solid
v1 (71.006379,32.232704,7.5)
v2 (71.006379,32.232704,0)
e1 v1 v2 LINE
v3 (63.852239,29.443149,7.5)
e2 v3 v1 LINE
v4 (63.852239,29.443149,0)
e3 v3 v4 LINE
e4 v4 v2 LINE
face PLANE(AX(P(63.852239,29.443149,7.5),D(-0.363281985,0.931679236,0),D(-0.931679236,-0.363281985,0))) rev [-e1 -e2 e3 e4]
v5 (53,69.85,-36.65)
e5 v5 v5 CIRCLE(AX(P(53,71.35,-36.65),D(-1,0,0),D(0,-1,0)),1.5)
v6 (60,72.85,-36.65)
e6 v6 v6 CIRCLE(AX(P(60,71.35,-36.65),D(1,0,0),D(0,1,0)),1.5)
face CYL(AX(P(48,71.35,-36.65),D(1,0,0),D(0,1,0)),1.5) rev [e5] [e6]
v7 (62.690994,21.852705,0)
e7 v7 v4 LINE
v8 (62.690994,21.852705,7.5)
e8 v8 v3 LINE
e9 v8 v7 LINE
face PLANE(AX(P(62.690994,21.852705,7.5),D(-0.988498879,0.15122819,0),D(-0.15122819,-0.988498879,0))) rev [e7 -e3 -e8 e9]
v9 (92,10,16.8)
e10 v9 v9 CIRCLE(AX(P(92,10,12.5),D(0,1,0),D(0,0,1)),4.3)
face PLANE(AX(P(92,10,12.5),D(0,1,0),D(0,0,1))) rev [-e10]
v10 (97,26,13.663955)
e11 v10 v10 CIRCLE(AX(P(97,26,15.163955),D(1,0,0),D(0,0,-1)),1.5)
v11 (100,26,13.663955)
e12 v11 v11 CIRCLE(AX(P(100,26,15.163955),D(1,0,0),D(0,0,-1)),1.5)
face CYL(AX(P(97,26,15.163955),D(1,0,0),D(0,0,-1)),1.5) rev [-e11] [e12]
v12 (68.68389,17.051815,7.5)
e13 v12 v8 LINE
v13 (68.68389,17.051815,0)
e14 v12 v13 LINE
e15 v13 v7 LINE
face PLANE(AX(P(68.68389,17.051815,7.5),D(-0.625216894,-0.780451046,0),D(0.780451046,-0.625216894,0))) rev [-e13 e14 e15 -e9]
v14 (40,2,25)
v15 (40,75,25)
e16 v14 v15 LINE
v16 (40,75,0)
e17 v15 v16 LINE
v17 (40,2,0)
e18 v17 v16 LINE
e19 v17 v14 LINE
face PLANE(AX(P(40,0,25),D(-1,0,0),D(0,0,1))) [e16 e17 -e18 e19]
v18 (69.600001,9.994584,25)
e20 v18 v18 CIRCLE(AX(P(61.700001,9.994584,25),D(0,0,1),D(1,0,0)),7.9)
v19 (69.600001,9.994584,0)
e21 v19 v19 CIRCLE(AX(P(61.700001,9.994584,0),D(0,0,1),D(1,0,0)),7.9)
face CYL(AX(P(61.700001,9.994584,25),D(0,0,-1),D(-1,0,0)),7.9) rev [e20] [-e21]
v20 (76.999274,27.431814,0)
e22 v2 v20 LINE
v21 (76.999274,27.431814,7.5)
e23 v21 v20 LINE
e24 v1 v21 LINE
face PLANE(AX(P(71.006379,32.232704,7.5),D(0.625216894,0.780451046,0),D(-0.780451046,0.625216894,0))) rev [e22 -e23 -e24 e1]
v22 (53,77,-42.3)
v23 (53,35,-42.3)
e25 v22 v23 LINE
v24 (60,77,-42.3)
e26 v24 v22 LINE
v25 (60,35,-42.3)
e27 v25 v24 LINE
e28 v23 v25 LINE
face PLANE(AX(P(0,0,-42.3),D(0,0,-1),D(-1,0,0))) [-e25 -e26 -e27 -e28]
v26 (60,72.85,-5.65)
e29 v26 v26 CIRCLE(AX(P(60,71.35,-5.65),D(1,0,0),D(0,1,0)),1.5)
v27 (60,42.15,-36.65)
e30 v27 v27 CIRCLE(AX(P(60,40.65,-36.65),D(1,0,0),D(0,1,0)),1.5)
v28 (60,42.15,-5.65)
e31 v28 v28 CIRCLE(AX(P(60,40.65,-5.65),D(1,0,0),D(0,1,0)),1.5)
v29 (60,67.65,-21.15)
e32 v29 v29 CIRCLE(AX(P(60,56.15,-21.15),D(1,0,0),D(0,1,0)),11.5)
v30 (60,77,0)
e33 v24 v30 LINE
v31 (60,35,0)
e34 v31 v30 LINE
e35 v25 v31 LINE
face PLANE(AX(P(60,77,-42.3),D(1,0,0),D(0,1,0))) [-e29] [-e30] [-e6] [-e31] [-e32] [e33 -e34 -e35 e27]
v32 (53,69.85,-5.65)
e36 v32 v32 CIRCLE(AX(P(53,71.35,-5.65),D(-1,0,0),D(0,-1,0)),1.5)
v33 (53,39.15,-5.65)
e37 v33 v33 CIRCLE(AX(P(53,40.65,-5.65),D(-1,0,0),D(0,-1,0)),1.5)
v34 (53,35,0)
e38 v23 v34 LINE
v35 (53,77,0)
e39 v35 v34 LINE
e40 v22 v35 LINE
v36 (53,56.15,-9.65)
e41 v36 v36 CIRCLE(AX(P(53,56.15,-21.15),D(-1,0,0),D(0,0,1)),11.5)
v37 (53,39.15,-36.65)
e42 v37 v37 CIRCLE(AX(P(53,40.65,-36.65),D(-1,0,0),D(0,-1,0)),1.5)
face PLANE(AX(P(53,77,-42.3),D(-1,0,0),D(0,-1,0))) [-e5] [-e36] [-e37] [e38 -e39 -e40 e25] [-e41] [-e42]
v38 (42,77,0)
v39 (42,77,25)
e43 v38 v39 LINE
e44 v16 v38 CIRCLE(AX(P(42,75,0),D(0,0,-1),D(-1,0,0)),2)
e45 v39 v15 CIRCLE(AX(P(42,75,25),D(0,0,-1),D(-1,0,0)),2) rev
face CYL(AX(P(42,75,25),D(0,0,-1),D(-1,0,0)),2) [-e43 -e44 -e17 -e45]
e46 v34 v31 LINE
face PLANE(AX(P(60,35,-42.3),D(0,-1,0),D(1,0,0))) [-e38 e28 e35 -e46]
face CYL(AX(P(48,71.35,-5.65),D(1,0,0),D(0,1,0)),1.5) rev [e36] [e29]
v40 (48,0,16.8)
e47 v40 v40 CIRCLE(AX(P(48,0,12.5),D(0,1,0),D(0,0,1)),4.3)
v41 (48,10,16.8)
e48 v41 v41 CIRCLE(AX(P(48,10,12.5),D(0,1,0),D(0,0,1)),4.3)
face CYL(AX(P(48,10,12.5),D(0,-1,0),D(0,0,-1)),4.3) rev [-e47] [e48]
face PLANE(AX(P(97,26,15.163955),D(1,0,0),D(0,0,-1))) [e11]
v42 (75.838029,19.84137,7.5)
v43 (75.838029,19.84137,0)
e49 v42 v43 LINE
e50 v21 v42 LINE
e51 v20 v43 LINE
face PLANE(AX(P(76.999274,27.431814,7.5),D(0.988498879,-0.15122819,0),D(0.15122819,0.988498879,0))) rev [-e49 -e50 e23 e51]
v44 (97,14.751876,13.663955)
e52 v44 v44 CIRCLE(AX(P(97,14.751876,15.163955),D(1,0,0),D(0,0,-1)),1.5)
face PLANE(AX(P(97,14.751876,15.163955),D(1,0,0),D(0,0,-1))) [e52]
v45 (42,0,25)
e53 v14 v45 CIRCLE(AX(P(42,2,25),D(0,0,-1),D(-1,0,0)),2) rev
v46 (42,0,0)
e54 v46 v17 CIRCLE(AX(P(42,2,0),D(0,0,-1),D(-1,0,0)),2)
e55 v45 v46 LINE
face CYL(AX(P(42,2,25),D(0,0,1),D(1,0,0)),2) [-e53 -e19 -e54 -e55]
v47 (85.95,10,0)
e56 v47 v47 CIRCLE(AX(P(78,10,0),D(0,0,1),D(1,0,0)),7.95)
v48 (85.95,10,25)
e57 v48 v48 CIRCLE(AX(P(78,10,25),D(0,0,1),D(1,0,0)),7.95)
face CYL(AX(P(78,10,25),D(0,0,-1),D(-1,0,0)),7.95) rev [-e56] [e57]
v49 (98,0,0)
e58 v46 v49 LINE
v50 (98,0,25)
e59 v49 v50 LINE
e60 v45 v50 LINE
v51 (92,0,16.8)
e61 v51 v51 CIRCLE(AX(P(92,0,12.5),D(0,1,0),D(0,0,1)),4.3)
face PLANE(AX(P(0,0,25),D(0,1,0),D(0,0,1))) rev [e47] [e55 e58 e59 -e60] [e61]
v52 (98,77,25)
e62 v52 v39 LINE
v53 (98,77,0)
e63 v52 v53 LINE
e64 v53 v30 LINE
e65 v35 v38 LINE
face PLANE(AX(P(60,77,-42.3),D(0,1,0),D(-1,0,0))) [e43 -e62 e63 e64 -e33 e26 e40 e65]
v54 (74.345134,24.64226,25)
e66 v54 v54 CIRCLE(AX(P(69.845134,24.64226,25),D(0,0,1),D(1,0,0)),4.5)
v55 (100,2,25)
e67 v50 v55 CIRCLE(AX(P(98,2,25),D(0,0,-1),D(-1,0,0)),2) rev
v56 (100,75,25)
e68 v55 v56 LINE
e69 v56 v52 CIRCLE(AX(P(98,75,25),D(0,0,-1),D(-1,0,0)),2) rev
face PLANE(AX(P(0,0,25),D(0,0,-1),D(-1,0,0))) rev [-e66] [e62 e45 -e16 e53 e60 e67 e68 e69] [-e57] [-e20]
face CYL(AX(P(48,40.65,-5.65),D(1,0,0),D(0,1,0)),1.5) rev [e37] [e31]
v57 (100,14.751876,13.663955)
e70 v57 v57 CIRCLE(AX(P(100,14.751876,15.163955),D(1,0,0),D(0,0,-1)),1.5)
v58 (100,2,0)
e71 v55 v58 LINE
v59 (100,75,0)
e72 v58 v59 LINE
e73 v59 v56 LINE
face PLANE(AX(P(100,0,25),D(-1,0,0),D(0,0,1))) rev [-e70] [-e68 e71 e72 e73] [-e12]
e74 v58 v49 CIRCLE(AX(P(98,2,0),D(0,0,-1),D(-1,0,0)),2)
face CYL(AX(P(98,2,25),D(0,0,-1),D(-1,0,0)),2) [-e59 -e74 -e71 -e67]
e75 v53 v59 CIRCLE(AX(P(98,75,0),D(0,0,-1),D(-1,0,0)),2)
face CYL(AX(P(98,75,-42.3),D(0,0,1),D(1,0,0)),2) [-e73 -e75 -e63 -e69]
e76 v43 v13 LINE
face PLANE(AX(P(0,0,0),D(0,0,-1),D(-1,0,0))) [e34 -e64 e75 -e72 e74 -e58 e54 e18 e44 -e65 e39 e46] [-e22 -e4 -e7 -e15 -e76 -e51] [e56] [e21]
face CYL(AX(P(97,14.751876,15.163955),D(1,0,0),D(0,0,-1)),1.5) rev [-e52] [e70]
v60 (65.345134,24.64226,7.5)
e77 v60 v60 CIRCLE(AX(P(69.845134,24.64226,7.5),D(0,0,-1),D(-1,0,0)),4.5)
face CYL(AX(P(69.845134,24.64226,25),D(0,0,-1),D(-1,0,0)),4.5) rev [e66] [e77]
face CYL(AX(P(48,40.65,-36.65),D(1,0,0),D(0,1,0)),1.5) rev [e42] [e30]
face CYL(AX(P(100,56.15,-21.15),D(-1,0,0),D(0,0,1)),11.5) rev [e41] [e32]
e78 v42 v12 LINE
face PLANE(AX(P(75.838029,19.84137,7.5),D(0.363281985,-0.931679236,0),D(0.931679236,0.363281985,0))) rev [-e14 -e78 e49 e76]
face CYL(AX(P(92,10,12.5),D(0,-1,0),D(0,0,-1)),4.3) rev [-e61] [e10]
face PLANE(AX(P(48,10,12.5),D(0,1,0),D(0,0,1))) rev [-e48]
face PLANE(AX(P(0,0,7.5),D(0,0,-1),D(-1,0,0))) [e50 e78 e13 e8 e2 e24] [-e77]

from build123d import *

# Parameters (mm, degrees)
ESQUISSE1_W              = 100
ESQUISSE1_H              = 100
BOSS_EXTRU_1_DEPTH       = 25
ESQUISSE2_R              = 7.9
ESQUISSE2_R_2            = 7.95
ESQUISSE2_R_3            = 4.5
ENL_V_MAT_EXTRU_1_DEPTH  = 144.614066163
ESQUISSE3_R              = 4.3
ENL_V_MAT_EXTRU_3_DEPTH  = 10
ESQUISSE4_W              = 7
ESQUISSE4_H              = 42
BOSS_EXTRU_2_DEPTH       = 42.3
ESQUISSE5_R              = 1.5
ENL_V_MAT_EXTRU_4_DEPTH  = 12
ESQUISSE6_W              = 40
ESQUISSE6_H              = 100
ENL_V_MAT_EXTRU_6_DEPTH  = 148.61195751
ENL_V_MAT_EXTRU_8_DEPTH  = 7.5
ESQUISSE10_R             = 11.5
ENL_V_MAT_EXTRU_10_DEPTH = 119.314369372
ESQUISSE11_R             = 1.5
ENL_V_MAT_EXTRU_11_DEPTH = 3
ESQUISSE12_W             = 60
ESQUISSE12_H             = 23
ENL_V_MAT_EXTRU_12_DEPTH = 148.61195751
CONG_1_R                 = 2


with BuildPart() as part:
    # Esquisse1 → Boss.-Extru.1 (new body)
    with BuildSketch(Plane.XY):
        with Locations((50, 50)):
            Rectangle(ESQUISSE1_W, ESQUISSE1_H)
    extrude(amount=BOSS_EXTRU_1_DEPTH)

    # Esquisse2 → Enlèv. mat.-Extru.1 (cut, through all)
    with BuildSketch(Plane.XY):
        with Locations((61.7000009, 9.994583957)):
            Circle(ESQUISSE2_R)
        with Locations((78, 10)):
            Circle(ESQUISSE2_R_2)
        with Locations((69.845134328, 24.642259589)):
            Circle(ESQUISSE2_R_3)
    extrude(amount=ENL_V_MAT_EXTRU_1_DEPTH, mode=Mode.SUBTRACT)

    # Esquisse3 → Enlèv. mat.-Extru.3 (cut)
    with BuildSketch(Plane(origin=(0, 0, 0), x_dir=(1, 0, 0), z_dir=(0, 1, 0))):
        with Locations(Location((48, -12.5, 0), (0, 0, 270))):
            Circle(ESQUISSE3_R)
        with Locations(Location((92, -12.5, 0), (0, 0, 270))):
            Circle(ESQUISSE3_R)
    extrude(amount=ENL_V_MAT_EXTRU_3_DEPTH, mode=Mode.SUBTRACT)

    # Esquisse4 → Boss.-Extru.2 (add)
    with BuildSketch(Plane.XY):
        with Locations((56.5, 56)):
            Rectangle(ESQUISSE4_W, ESQUISSE4_H)
    extrude(amount=-BOSS_EXTRU_2_DEPTH)

    # Esquisse5 → Enlèv. mat.-Extru.4 (cut)
    with BuildSketch(Plane(origin=(60, 0, 0), x_dir=(0, 0, -1), z_dir=(1, 0, 0))):
        with Locations(Location((36.65, 71.35, 0), (0, 0, 90))):
            Circle(ESQUISSE5_R)
        with Locations(Location((36.65, 40.65, 0), (0, 0, 90))):
            Circle(ESQUISSE5_R)
        with Locations(Location((5.65, 40.65, 0), (0, 0, 90))):
            Circle(ESQUISSE5_R)
        with Locations(Location((5.65, 71.35, 0), (0, 0, 90))):
            Circle(ESQUISSE5_R)
    extrude(amount=-ENL_V_MAT_EXTRU_4_DEPTH, mode=Mode.SUBTRACT)

    # Esquisse6 → Enlèv. mat.-Extru.6 (cut, through all)
    with BuildSketch(Plane.XY):
        with Locations((20, 50)):
            Rectangle(ESQUISSE6_W, ESQUISSE6_H)
    extrude(amount=ENL_V_MAT_EXTRU_6_DEPTH, mode=Mode.SUBTRACT)

    # Esquisse8 → Enlèv. mat.-Extru.8 (cut)
    with BuildSketch(Plane(origin=(0, 0, 0), x_dir=(-1, 0, 0), z_dir=(0, 0, -1))):
        Polygon((-62.690994399, 21.852704928), (-63.852239162, 29.44314918), (-71.006379091, 32.232703841), (-76.999274258, 27.43181425), (-75.838029495, 19.841369999), (-68.683889565, 17.051815338), align=None)
    extrude(amount=-ENL_V_MAT_EXTRU_8_DEPTH, mode=Mode.SUBTRACT)

    # Esquisse10 → Enlèv. mat.-Extru.10 (cut, through all)
    with BuildSketch(Plane.ZY.offset(-53)):
        with Locations((-21.15, 56.15)):
            Circle(ESQUISSE10_R)
    extrude(amount=-ENL_V_MAT_EXTRU_10_DEPTH, mode=Mode.SUBTRACT)

    # Esquisse11 → Enlèv. mat.-Extru.11 (cut)
    with BuildSketch(Plane(origin=(100, 0, 0), x_dir=(0, 0, -1), z_dir=(1, 0, 0))):
        with Locations((-15.163954836, 26)):
            Circle(ESQUISSE11_R)
        with Locations((-15.163954836, 14.75187619)):
            Circle(ESQUISSE11_R)
    extrude(amount=-ENL_V_MAT_EXTRU_11_DEPTH, mode=Mode.SUBTRACT)

    # Esquisse12 → Enlèv. mat.-Extru.12 (cut, through all)
    with BuildSketch(Plane(origin=(0, 0, 0), x_dir=(-1, 0, 0), z_dir=(0, 0, -1))):
        with Locations((-70, 88.5)):
            Rectangle(ESQUISSE12_W, ESQUISSE12_H)
    extrude(amount=-ENL_V_MAT_EXTRU_12_DEPTH, mode=Mode.SUBTRACT)

    # Congé1
    cong_1_edges = [part.edges().sort_by_distance(p)[0] for p in [
        (100, 77, 12.5),
        (40, 77, 12.5),
        (40, 0, 12.5),
        (100, 0, 12.5),
    ]]
    fillet(cong_1_edges, radius=CONG_1_R)


solid = part.part
